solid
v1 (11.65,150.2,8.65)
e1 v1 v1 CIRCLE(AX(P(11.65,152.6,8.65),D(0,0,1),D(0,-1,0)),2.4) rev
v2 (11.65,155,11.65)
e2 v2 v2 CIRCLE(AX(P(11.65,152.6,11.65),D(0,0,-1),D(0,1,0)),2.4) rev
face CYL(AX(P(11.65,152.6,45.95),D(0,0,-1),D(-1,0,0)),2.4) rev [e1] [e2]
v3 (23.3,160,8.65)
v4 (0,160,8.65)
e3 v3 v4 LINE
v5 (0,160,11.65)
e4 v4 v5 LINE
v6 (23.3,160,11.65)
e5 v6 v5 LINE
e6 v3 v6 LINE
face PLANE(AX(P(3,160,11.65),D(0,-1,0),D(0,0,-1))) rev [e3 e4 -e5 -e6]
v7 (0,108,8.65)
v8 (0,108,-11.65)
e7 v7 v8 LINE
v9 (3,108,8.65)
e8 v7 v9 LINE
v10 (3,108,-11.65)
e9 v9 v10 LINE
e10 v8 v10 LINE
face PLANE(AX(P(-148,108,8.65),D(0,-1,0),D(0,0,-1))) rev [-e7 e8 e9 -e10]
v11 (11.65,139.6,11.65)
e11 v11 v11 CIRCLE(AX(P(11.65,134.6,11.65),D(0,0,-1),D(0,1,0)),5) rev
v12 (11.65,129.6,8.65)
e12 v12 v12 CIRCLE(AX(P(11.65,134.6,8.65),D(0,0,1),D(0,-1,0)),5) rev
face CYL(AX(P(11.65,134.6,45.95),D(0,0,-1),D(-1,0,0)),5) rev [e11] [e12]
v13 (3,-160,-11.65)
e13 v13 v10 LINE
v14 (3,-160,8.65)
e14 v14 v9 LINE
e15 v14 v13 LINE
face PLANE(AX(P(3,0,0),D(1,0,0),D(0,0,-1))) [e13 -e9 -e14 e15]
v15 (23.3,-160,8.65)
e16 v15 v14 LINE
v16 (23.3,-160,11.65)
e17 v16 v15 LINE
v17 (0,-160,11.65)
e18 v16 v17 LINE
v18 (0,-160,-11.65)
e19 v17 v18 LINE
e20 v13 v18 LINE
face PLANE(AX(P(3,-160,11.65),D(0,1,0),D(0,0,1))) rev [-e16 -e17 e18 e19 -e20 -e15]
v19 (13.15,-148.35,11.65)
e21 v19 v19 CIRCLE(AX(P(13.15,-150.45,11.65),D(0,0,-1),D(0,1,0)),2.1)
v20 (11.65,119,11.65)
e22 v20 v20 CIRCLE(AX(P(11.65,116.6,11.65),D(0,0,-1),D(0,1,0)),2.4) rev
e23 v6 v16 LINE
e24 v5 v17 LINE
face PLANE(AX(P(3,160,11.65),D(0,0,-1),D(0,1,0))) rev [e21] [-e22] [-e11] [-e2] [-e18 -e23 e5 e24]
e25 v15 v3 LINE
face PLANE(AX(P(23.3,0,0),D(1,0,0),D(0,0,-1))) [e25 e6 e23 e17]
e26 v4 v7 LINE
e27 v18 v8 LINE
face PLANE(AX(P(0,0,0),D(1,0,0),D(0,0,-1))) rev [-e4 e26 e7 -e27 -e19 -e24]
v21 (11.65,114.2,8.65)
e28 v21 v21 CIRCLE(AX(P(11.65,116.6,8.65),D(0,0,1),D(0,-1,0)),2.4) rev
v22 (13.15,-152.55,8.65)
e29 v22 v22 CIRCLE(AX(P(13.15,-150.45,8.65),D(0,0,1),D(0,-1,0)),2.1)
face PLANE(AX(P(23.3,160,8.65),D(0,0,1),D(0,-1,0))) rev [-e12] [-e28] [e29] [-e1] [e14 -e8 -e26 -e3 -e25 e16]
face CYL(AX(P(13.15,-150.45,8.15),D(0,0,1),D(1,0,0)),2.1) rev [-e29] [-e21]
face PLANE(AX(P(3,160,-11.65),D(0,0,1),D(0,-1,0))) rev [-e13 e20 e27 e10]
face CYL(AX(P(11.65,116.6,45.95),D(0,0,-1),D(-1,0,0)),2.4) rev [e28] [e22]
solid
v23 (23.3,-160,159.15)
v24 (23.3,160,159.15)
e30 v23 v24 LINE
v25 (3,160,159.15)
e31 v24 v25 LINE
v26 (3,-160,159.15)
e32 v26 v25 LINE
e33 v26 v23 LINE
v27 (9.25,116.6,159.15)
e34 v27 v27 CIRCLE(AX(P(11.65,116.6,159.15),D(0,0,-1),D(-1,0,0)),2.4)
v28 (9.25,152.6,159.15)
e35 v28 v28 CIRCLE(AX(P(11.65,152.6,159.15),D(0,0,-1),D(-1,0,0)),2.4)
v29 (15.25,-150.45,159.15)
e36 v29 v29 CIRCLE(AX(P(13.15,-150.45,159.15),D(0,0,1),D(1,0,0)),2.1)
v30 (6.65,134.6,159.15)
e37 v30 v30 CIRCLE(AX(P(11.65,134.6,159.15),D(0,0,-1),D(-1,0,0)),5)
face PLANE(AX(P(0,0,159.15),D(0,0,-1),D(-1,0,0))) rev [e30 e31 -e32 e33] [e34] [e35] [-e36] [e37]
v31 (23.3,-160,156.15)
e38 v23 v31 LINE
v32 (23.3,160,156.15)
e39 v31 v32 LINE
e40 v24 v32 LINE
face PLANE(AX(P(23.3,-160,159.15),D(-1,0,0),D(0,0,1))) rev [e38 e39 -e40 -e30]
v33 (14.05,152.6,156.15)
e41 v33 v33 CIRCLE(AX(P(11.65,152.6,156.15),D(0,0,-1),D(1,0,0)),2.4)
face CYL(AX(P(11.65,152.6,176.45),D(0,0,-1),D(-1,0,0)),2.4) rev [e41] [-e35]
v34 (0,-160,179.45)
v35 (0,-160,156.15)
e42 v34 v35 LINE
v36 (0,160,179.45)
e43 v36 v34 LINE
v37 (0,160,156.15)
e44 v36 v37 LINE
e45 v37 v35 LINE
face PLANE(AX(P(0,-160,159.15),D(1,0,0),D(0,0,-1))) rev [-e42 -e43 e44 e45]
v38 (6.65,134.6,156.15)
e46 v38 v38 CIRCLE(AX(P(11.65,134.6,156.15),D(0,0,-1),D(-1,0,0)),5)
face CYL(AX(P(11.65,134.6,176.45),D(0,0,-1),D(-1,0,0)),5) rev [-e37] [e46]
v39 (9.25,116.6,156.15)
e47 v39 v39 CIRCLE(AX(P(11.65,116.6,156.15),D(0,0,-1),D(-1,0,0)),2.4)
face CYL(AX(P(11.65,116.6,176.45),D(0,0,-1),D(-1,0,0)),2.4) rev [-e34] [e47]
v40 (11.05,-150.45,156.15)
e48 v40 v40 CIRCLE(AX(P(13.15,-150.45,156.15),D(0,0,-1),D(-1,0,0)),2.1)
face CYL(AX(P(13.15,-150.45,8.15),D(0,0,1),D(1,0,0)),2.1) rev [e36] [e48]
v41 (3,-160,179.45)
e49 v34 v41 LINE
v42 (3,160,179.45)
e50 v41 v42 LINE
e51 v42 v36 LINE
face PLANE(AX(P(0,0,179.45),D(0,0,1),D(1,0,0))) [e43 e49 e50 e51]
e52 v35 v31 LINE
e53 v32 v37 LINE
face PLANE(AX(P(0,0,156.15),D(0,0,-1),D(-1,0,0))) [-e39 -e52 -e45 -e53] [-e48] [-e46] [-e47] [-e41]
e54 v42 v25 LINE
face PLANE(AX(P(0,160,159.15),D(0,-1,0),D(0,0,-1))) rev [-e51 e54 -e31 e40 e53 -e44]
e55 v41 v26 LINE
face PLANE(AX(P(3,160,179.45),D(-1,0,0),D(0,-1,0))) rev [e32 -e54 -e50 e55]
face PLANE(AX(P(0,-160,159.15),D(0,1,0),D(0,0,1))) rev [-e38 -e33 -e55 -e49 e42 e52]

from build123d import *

# Parameters (mm, degrees)
SKETCH1_W               = 23.3
SKETCH1_H               = 320
BOSS_EXTRUDE1_DEPTH     = 3
SKETCH2_W               = 3
SKETCH2_H               = 320
BOSS_EXTRUDE2_DEPTH     = 20.3
CUT_EXTRUDE1_DEPTH      = 34.3
CUT_EXTRUDE1_DEPTH_BACK = 20.3
SKETCH3_R               = 5
SKETCH3_R_2             = 2.4
SKETCH5_W               = 23.3
SKETCH5_H               = 320
BOSS_EXTRUDE3_DEPTH     = 3
SKETCH6_W               = 3
SKETCH6_H               = 320
BOSS_EXTRUDE4_DEPTH     = 20.3
CUT_EXTRUDE2_START      = -20.3
SKETCH7_R               = 5
SKETCH7_R_2             = 2.4
CUT_EXTRUDE2_DEPTH      = 20.3
SKETCH9_R               = 2.1
CUT_EXTRUDE3_DEPTH      = 151
SKETCH10_W              = 20.3
SKETCH10_H              = 52
CUT_EXTRUDE4_DEPTH      = 151


with BuildPart() as part:
    # Sketch1 → Boss-Extrude1 (new body)
    with BuildSketch(Plane(origin=(0, 0, 0), x_dir=(0, 0, -1), z_dir=(1, 0, 0))):
        Rectangle(SKETCH1_W, SKETCH1_H)
    extrude(amount=BOSS_EXTRUDE1_DEPTH)

    # Sketch2 → Boss-Extrude2 (add)
    with BuildSketch(Plane(origin=(3, 0, 0), x_dir=(0, 0, -1), z_dir=(1, 0, 0))):
        with Locations((-10.15, 0)):
            Rectangle(SKETCH2_W, SKETCH2_H)
    extrude(amount=BOSS_EXTRUDE2_DEPTH)

    # Sketch3 → Cut-Extrude1 (cut, two sides: drawn at the far end of the back side and taken through both)
    with BuildSketch(Plane.XY.offset(11.65).offset(-CUT_EXTRUDE1_DEPTH_BACK)):
        with Locations(Location((11.65, 134.6, 0), (0, 0, 270))):
            Circle(SKETCH3_R)
        with Locations(Location((11.65, 152.6, 0), (0, 0, 270))):
            Circle(SKETCH3_R_2)
        with Locations(Location((11.65, 116.6, 0), (0, 0, 270))):
            Circle(SKETCH3_R_2)
    extrude(amount=CUT_EXTRUDE1_DEPTH + CUT_EXTRUDE1_DEPTH_BACK, mode=Mode.SUBTRACT)


with BuildPart() as body_2:
    # Sketch5 → Boss-Extrude3 (new body)
    with BuildSketch(Plane.XY.offset(156.15)):
        with Locations((11.65, 0)):
            Rectangle(SKETCH5_W, SKETCH5_H)
    extrude(amount=BOSS_EXTRUDE3_DEPTH)

    # Sketch6 → Boss-Extrude4 (add)
    with BuildSketch(Plane.XY.offset(159.15)):
        with Locations((1.5, 0)):
            Rectangle(SKETCH6_W, SKETCH6_H)
    extrude(amount=BOSS_EXTRUDE4_DEPTH)

    # Sketch7 → Cut-Extrude2 (cut)
    with BuildSketch(Plane(origin=(0, 0, 156.15), x_dir=(-1, 0, 0), z_dir=(0, 0, -1)).offset(CUT_EXTRUDE2_START)):
        with Locations((-11.65, 134.6)):
            Circle(SKETCH7_R)
        with Locations((-11.65, 116.6)):
            Circle(SKETCH7_R_2)
        with Locations((-11.65, 152.6)):
            Circle(SKETCH7_R_2)
    extrude(amount=CUT_EXTRUDE2_DEPTH, mode=Mode.SUBTRACT)


with BuildPart() as cut_extrude3_tool:
    # Sketch9 → Cut-Extrude3 (new body)
    with BuildSketch(Plane.XY.offset(159.15)):
        with Locations((13.15, -150.45)):
            Circle(SKETCH9_R)
    extrude(amount=-CUT_EXTRUDE3_DEPTH)


with BuildPart() as part_1:
    add(part.part)

    # Cut-Extrude3: cut by cut_extrude3_tool
    add(cut_extrude3_tool.part, mode=Mode.SUBTRACT)

    # Sketch10 → Cut-Extrude4 (cut)
    with BuildSketch(Plane(origin=(3, 0, 0), x_dir=(0, 0, -1), z_dir=(1, 0, 0))):
        with Locations((1.5, 134)):
            Rectangle(SKETCH10_W, SKETCH10_H)
    extrude(amount=-CUT_EXTRUDE4_DEPTH, mode=Mode.SUBTRACT)


with BuildPart() as body_2_1:
    add(body_2.part)

    # Cut-Extrude3: cut by cut_extrude3_tool
    add(cut_extrude3_tool.part, mode=Mode.SUBTRACT)


solid = Compound([part_1.part, body_2_1.part])
